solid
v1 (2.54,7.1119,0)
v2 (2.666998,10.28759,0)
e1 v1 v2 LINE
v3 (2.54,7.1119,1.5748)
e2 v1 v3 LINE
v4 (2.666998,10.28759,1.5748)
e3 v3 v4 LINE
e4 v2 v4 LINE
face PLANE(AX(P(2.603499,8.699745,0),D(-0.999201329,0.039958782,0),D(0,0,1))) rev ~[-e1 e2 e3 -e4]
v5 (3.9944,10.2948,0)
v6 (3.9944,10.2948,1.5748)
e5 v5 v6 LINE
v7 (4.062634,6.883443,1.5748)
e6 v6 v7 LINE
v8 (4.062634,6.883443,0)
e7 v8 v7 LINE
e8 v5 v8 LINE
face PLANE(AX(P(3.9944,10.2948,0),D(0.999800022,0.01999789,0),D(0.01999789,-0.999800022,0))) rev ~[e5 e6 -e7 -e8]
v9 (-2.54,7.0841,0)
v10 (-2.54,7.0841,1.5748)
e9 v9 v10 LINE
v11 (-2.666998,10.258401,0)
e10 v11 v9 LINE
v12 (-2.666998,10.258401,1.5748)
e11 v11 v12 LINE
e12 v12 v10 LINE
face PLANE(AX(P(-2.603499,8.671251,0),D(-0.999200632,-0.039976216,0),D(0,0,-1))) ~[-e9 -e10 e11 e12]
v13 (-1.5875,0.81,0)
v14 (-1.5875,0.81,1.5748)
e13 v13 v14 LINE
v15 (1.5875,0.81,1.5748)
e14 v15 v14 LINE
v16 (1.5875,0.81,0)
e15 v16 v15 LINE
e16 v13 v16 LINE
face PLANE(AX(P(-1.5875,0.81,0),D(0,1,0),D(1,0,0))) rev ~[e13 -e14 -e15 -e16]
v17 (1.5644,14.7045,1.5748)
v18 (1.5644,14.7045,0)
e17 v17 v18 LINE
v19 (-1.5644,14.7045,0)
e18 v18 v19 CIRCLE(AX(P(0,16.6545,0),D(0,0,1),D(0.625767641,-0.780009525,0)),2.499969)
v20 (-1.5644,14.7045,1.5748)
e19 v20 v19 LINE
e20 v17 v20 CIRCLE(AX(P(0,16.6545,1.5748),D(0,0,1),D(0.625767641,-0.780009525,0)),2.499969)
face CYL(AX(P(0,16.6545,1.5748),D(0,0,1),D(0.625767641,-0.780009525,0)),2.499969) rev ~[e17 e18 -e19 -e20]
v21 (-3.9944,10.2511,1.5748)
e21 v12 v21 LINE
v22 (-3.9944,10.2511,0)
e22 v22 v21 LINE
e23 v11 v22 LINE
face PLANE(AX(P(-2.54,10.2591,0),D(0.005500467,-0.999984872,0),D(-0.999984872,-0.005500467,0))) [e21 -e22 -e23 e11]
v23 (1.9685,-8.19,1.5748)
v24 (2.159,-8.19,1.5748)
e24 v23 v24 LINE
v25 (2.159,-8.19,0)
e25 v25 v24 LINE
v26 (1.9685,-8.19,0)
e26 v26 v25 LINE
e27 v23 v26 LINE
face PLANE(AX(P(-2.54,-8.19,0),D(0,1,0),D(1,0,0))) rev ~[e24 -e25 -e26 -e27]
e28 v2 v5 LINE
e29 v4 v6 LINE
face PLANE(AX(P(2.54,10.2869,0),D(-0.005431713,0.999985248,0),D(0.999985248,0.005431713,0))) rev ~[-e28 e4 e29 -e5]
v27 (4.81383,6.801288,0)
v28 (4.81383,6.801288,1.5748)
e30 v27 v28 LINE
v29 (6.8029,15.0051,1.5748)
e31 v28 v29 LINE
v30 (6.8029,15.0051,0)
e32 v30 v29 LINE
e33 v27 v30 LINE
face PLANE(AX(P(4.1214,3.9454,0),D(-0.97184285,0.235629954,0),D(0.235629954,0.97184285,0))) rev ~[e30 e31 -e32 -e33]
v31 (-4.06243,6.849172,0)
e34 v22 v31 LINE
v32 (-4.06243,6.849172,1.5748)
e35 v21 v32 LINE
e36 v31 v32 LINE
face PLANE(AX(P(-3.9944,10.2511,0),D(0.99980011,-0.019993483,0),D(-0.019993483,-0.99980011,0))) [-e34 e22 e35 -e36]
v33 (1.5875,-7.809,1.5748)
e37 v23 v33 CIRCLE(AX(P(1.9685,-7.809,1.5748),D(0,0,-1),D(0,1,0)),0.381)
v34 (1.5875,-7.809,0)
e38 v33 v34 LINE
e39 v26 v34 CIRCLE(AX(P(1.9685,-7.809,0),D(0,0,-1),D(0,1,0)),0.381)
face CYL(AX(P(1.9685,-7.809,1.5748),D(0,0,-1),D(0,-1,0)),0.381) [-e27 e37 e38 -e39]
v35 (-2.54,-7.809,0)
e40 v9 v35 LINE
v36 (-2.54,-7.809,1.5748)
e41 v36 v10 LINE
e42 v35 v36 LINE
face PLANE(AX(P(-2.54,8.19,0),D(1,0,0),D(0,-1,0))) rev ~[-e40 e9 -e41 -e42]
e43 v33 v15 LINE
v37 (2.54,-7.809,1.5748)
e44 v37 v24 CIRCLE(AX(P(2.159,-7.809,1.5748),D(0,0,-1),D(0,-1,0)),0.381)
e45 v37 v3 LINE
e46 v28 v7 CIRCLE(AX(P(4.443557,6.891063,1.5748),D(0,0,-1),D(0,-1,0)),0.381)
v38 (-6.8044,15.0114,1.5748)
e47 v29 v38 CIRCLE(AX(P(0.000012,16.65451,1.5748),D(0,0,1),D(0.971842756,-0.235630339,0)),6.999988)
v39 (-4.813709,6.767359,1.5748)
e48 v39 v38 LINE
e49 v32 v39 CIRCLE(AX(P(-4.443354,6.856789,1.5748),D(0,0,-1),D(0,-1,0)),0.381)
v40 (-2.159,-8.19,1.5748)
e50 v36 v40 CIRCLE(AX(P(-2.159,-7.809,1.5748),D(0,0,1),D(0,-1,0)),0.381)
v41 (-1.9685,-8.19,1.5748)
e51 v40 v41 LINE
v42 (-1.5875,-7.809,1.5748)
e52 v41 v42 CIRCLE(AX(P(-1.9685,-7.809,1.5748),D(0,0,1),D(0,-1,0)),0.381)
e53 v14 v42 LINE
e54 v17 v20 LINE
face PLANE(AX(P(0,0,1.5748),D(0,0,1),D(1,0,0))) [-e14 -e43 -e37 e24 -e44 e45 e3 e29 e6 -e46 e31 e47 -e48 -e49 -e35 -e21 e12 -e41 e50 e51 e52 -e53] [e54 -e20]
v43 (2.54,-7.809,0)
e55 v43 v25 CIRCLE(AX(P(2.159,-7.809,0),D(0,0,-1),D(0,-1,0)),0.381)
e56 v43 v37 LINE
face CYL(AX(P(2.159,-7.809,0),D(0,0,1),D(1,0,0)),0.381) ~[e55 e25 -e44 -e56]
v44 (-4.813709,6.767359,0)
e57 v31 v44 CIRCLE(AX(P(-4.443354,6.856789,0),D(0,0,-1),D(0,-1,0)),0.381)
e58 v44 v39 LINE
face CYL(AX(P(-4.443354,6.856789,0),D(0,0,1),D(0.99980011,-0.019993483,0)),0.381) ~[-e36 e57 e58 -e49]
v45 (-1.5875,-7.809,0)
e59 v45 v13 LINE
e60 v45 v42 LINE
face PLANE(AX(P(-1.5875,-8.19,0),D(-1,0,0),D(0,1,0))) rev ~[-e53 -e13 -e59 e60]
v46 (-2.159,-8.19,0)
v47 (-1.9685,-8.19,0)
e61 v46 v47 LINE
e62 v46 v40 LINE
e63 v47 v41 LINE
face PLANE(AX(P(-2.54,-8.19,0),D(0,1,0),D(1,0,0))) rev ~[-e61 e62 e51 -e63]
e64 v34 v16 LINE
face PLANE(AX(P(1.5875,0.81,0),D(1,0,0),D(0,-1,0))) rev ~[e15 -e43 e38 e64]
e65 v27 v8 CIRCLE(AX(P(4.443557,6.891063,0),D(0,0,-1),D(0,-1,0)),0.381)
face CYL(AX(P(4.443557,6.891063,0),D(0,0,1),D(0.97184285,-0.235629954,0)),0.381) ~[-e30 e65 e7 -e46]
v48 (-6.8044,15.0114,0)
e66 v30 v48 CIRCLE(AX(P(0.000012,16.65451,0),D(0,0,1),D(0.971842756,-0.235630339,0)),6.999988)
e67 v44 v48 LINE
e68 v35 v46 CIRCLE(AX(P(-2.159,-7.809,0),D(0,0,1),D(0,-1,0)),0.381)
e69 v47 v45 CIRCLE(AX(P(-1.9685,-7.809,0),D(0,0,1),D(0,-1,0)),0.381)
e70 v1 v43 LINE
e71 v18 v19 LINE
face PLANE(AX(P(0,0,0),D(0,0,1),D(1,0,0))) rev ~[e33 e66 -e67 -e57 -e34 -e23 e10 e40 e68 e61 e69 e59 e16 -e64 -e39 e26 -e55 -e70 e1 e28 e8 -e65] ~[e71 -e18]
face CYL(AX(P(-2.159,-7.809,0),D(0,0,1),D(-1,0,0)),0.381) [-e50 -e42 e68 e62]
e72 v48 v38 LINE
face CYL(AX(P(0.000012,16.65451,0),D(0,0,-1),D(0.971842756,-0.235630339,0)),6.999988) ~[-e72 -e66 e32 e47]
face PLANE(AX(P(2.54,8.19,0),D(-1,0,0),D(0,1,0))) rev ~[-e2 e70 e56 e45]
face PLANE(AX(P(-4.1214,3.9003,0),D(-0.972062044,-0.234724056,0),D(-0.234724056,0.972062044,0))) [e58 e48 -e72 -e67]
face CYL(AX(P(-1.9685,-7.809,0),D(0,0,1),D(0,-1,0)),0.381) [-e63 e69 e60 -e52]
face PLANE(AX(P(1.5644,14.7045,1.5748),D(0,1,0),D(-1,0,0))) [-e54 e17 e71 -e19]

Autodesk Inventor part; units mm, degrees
ref_plane "YZ Plane" through (0, 0, 0) normal (1, 0, 0) x (0, 1, 0)
ref_plane "XZ Plane" through (0, 0, 0) normal (0, 1, 0) x (-1, 0, 0)
ref_plane "XY Plane" through (0, 0, 0) normal (0, 0, 1) x (1, 0, 0)
sketch "Sketch1" plane through (0, 0, 0) normal (0, 0, 1) x (1, 0, 0)
  line L0 (-2.54, -8.19) -> (2.54, -8.19)
  line L1 (2.54, -8.19) -> (2.54, 8.19)
  line L2 (-2.54, 8.19) -> (-2.54, -8.19)
  line L3 (-2.54, -8.19) -> (2.54, 8.19) construction
  line L4 (2.54, -8.19) -> (-2.54, 8.19) construction
  circle A0 centre (0, 16.6545) radius 2.5 construction
  circle A1 centre (0, 16.6545) radius 5
  arc A2 (6.8029, 15.0051) -> (-6.8044, 15.0114) centre (0, 16.6545) ccw
  line L5 (-2.54, 8.19) -> (-2.54, 10.2591)
  line L6 (2.54, 8.19) -> (2.54, 10.2869)
  line L7 (0, 0) -> (0, 10.7842) construction
  line L8 (-2.54, 10.2591) -> (-3.9944, 10.2511)
  line L9 (2.54, 10.2869) -> (3.9944, 10.2948)
  line L10 (-3.9944, 10.2511) -> (-4.1214, 3.9003)
  line L11 (3.9944, 10.2948) -> (4.1214, 3.9454)
  line L12 (-4.1214, 3.9003) -> (-6.8044, 15.0114)
  line L13 (4.1214, 3.9454) -> (6.8029, 15.0051)
  line L14 (0, 0) -> (0, 22.9511) construction
  point P0 (-3.2672, 10.2551)
  dimension "d2" = 5
  dimension "d3" = 10
  dimension "d4" = 14
  dimension "d8" = 1.5815
  dimension "d9" = 1.5815
  dimension "d10" = 6.35
  dimension "d11" = 6.35
  dimension "d18" = 1.4545
  dimension "d19" = 1.4545
  dimension "d31" = 2.54
  dimension "d32" = 2.54
  dimension "d33" = 0
extrude "Plate1" add sketch "Sketch1" along normal blind 1.5748
sketch "Sketch2" plane through (0, 0, 0) normal (0, 0, -1) x (-1, 0, 0)
  circle A0 centre (0, 16.6545) radius 5 projected
  line L0 (-3.9944, 10.2948) -> (-4.1214, 3.9454) projected
  line L1 (-2.54, 10.2869) -> (-3.9944, 10.2948) projected
  line L2 (-2.54, -8.19) -> (-2.54, 10.2869) projected
  line L3 (2.54, -8.19) -> (-2.54, -8.19) projected
  line L4 (2.54, 10.2591) -> (2.54, -8.19) projected
  line L5 (3.9944, 10.2511) -> (2.54, 10.2591) projected
  line L6 (4.1214, 3.9003) -> (3.9944, 10.2511) projected
  line L7 (6.8044, 15.0114) -> (4.1214, 3.9003) projected
  arc A1 (6.8044, 15.0114) -> (-6.8029, 15.0051) centre (0, 16.6545) ccw projected
  line L8 (-4.1214, 3.9454) -> (-6.8029, 15.0051) projected
  line L9 (-1.5875, -17.19) -> (1.5875, -17.19)
  line L10 (1.5875, -17.19) -> (1.5875, 0.81)
  line L11 (1.5875, 0.81) -> (-1.5875, 0.81)
  line L12 (-1.5875, 0.81) -> (-1.5875, -17.19)
  line L13 (-1.5875, -17.19) -> (1.5875, 0.81) construction
  line L14 (1.5875, -17.19) -> (-1.5875, 0.81) construction
  point P0 (0, 0)
  point P1 (0, -8.19)
  dimension "d14" = 3.175
extrude "Extrusion1" cut sketch "Sketch2" against normal blind 25.4 contours L12 L11 L10 L3 | L3 L10 L9 L12
sketch "Sketch3" plane through (0, 0, 1.5748) normal (0, 0, 1) x (1, 0, 0)
  circle A0 centre (-37.757, 0) radius 3
  line L0 (-39.3445, -2.5456) -> (-36.1695, -2.5456)
  line L1 (-36.1695, -2.5456) -> (-36.1695, 2.5456)
  line L2 (-36.1695, 2.5456) -> (-39.3445, 2.5456)
  line L3 (-39.3445, 2.5456) -> (-39.3445, -2.5456)
  line L4 (-39.3445, -2.5456) -> (-36.1695, 2.5456) construction
  line L5 (-36.1695, -2.5456) -> (-39.3445, 2.5456) construction
  circle A1 centre (-37.757, 0) radius 4
  point P0 (0, 0)
  point P1 (-37.757, 3)
  point P2 (-37.757, 4)
  dimension "d35" = 8
  dimension "d28" = 6
  dimension "d29" = 3.175
  dimension "d30" = 5.0911
  dimension "d34" = 0.4545
  dimension "d36" = 1.4545
fillet "Fillet4" radius 0.381 6 edges at (-4.1214, 3.9003, 0.7874) (4.1214, 3.9454, 0.7874) (-2.54, -8.19, 0.7874) (-1.5875, -8.19, 0.7874) (1.5875, -8.19, 0.7874) (2.54, -8.19, 0.7874)
sketch "Sketch4" plane through (0, 0, 1.5748) normal (0, 0, 1) x (1, 0, 0)
  arc A0 (2.159, -8.19) -> (2.54, -7.809) centre (2.159, -7.809) ccw projected
  line L0 (2.54, 10.2869) -> (2.54, -7.809) projected
  line L1 (3.9944, 10.2948) -> (2.54, 10.2869) projected
  line L2 (4.0627, 6.8835) -> (3.9944, 10.2948) projected
  arc A1 (4.0627, 6.8835) -> (4.8139, 6.8013) centre (4.4436, 6.8911) ccw projected
  line L3 (6.8029, 15.0051) -> (4.8139, 6.8013) projected
  arc A2 (6.8029, 15.0051) -> (-6.8044, 15.0114) centre (0, 16.6545) ccw projected
  line L4 (-4.8137, 6.7674) -> (-6.8044, 15.0114) projected
  arc A3 (-4.8137, 6.7674) -> (-4.0625, 6.8492) centre (-4.4434, 6.8568) ccw projected
  line L5 (-3.9944, 10.2511) -> (-4.0625, 6.8492) projected
  line L6 (-2.54, 10.2591) -> (-3.9944, 10.2511) projected
  line L7 (-2.54, -7.809) -> (-2.54, 10.2591) projected
  arc A4 (-2.54, -7.809) -> (-2.159, -8.19) centre (-2.159, -7.809) ccw projected
  line L8 (-1.9685, -8.19) -> (-2.159, -8.19) projected
  arc A5 (-1.9685, -8.19) -> (-1.5875, -7.809) centre (-1.9685, -7.809) ccw projected
  line L9 (-1.5875, -7.809) -> (-1.5875, 0.81) projected
  line L10 (-1.5875, 0.81) -> (1.5875, 0.81) projected
  line L11 (1.5875, 0.81) -> (1.5875, -7.809) projected
  arc A6 (1.5875, -7.809) -> (1.9685, -8.19) centre (1.9685, -7.809) ccw projected
  line L12 (2.159, -8.19) -> (1.9685, -8.19) projected
  circle A7 centre (0, 16.6545) radius 5 projected
  point P0 (0, 0)
extrude "Extrusion2" add sketch "Sketch4" against normal up to surface (1.5748 mm away) contours A7
sketch "Sketch5" plane through (0, 0, 1.5748) normal (0, 0, 1) x (1, 0, 0)
  arc A0 (2.159, -8.19) -> (2.54, -7.809) centre (2.159, -7.809) ccw projected
  line L0 (2.54, 10.2869) -> (2.54, -7.809) projected
  line L1 (3.9944, 10.2948) -> (2.54, 10.2869) projected
  line L2 (4.0627, 6.8835) -> (3.9944, 10.2948) projected
  arc A1 (4.0627, 6.8835) -> (4.8139, 6.8013) centre (4.4436, 6.8911) ccw projected
  line L3 (6.8029, 15.0051) -> (4.8139, 6.8013) projected
  arc A2 (6.8029, 15.0051) -> (-6.8044, 15.0114) centre (0, 16.6545) ccw projected
  line L4 (-4.8137, 6.7674) -> (-6.8044, 15.0114) projected
  arc A3 (-4.8137, 6.7674) -> (-4.0625, 6.8492) centre (-4.4434, 6.8568) ccw projected
  line L5 (-3.9944, 10.2511) -> (-4.0625, 6.8492) projected
  line L6 (-2.54, 10.2591) -> (-3.9944, 10.2511) projected
  line L7 (-2.54, -7.809) -> (-2.54, 10.2591) projected
  arc A4 (-2.54, -7.809) -> (-2.159, -8.19) centre (-2.159, -7.809) ccw projected
  line L8 (-1.9685, -8.19) -> (-2.159, -8.19) projected
  arc A5 (-1.9685, -8.19) -> (-1.5875, -7.809) centre (-1.9685, -7.809) ccw projected
  line L9 (-1.5875, -7.809) -> (-1.5875, 0.81) projected
  line L10 (-1.5875, 0.81) -> (1.5875, 0.81) projected
  line L11 (1.5875, 0.81) -> (1.5875, -7.809) projected
  arc A6 (1.5875, -7.809) -> (1.9685, -8.19) centre (1.9685, -7.809) ccw projected
  line L12 (2.159, -8.19) -> (1.9685, -8.19) projected
  arc A7 (1.5644, 14.7045) -> (-1.5644, 14.7045) centre (0, 16.6545) ccw
  line L13 (1.5644, 14.7045) -> (-1.5644, 14.7045)
  point P0 (0, 0)
  point P1 (0, 19.1545)
  dimension "d40" = 5
  dimension "d44" = 4.45
extrude "Extrusion3" cut sketch "Sketch5" against normal blind 25.4 contours L13 A7
chamfer "Chamfer3" distance 0.127 distance2 3.175 1 edges at (-2.54, 10.2591, 0.7874) measured on face at (-3.5096, 10.2538, 0.5249)
chamfer "Chamfer4" distance 3.175 distance2 0.127 1 edges at (2.54, 10.2869, 0.7874) measured on face at (2.54, -1.7771, 1.0499)
equation "\"d18\" = d36"
equation "\"d19\" = d36"
equation "\"BendRadius\" = Thickness"
equation "\"BendReliefWidth\" = Thickness"
equation "\"BendReliefDepth\" = 0.5 * Thickness"
equation "\"CornerReliefSize\" = 4 * Thickness"
equation "\"MinimumRemnant\" = 2 * Thickness"
equation "\"TransitionRadius\" = BendRadius"
equation "\"JacobiRadiusSize\" = BendRadius"
equation "\"GapSize\" = Thickness"
equation "\"d12\" = BendRadius"
equation "\"Thickness\" = 1.5748"
properties part number "8mm OD 6mm ID Rod End125Motor"
